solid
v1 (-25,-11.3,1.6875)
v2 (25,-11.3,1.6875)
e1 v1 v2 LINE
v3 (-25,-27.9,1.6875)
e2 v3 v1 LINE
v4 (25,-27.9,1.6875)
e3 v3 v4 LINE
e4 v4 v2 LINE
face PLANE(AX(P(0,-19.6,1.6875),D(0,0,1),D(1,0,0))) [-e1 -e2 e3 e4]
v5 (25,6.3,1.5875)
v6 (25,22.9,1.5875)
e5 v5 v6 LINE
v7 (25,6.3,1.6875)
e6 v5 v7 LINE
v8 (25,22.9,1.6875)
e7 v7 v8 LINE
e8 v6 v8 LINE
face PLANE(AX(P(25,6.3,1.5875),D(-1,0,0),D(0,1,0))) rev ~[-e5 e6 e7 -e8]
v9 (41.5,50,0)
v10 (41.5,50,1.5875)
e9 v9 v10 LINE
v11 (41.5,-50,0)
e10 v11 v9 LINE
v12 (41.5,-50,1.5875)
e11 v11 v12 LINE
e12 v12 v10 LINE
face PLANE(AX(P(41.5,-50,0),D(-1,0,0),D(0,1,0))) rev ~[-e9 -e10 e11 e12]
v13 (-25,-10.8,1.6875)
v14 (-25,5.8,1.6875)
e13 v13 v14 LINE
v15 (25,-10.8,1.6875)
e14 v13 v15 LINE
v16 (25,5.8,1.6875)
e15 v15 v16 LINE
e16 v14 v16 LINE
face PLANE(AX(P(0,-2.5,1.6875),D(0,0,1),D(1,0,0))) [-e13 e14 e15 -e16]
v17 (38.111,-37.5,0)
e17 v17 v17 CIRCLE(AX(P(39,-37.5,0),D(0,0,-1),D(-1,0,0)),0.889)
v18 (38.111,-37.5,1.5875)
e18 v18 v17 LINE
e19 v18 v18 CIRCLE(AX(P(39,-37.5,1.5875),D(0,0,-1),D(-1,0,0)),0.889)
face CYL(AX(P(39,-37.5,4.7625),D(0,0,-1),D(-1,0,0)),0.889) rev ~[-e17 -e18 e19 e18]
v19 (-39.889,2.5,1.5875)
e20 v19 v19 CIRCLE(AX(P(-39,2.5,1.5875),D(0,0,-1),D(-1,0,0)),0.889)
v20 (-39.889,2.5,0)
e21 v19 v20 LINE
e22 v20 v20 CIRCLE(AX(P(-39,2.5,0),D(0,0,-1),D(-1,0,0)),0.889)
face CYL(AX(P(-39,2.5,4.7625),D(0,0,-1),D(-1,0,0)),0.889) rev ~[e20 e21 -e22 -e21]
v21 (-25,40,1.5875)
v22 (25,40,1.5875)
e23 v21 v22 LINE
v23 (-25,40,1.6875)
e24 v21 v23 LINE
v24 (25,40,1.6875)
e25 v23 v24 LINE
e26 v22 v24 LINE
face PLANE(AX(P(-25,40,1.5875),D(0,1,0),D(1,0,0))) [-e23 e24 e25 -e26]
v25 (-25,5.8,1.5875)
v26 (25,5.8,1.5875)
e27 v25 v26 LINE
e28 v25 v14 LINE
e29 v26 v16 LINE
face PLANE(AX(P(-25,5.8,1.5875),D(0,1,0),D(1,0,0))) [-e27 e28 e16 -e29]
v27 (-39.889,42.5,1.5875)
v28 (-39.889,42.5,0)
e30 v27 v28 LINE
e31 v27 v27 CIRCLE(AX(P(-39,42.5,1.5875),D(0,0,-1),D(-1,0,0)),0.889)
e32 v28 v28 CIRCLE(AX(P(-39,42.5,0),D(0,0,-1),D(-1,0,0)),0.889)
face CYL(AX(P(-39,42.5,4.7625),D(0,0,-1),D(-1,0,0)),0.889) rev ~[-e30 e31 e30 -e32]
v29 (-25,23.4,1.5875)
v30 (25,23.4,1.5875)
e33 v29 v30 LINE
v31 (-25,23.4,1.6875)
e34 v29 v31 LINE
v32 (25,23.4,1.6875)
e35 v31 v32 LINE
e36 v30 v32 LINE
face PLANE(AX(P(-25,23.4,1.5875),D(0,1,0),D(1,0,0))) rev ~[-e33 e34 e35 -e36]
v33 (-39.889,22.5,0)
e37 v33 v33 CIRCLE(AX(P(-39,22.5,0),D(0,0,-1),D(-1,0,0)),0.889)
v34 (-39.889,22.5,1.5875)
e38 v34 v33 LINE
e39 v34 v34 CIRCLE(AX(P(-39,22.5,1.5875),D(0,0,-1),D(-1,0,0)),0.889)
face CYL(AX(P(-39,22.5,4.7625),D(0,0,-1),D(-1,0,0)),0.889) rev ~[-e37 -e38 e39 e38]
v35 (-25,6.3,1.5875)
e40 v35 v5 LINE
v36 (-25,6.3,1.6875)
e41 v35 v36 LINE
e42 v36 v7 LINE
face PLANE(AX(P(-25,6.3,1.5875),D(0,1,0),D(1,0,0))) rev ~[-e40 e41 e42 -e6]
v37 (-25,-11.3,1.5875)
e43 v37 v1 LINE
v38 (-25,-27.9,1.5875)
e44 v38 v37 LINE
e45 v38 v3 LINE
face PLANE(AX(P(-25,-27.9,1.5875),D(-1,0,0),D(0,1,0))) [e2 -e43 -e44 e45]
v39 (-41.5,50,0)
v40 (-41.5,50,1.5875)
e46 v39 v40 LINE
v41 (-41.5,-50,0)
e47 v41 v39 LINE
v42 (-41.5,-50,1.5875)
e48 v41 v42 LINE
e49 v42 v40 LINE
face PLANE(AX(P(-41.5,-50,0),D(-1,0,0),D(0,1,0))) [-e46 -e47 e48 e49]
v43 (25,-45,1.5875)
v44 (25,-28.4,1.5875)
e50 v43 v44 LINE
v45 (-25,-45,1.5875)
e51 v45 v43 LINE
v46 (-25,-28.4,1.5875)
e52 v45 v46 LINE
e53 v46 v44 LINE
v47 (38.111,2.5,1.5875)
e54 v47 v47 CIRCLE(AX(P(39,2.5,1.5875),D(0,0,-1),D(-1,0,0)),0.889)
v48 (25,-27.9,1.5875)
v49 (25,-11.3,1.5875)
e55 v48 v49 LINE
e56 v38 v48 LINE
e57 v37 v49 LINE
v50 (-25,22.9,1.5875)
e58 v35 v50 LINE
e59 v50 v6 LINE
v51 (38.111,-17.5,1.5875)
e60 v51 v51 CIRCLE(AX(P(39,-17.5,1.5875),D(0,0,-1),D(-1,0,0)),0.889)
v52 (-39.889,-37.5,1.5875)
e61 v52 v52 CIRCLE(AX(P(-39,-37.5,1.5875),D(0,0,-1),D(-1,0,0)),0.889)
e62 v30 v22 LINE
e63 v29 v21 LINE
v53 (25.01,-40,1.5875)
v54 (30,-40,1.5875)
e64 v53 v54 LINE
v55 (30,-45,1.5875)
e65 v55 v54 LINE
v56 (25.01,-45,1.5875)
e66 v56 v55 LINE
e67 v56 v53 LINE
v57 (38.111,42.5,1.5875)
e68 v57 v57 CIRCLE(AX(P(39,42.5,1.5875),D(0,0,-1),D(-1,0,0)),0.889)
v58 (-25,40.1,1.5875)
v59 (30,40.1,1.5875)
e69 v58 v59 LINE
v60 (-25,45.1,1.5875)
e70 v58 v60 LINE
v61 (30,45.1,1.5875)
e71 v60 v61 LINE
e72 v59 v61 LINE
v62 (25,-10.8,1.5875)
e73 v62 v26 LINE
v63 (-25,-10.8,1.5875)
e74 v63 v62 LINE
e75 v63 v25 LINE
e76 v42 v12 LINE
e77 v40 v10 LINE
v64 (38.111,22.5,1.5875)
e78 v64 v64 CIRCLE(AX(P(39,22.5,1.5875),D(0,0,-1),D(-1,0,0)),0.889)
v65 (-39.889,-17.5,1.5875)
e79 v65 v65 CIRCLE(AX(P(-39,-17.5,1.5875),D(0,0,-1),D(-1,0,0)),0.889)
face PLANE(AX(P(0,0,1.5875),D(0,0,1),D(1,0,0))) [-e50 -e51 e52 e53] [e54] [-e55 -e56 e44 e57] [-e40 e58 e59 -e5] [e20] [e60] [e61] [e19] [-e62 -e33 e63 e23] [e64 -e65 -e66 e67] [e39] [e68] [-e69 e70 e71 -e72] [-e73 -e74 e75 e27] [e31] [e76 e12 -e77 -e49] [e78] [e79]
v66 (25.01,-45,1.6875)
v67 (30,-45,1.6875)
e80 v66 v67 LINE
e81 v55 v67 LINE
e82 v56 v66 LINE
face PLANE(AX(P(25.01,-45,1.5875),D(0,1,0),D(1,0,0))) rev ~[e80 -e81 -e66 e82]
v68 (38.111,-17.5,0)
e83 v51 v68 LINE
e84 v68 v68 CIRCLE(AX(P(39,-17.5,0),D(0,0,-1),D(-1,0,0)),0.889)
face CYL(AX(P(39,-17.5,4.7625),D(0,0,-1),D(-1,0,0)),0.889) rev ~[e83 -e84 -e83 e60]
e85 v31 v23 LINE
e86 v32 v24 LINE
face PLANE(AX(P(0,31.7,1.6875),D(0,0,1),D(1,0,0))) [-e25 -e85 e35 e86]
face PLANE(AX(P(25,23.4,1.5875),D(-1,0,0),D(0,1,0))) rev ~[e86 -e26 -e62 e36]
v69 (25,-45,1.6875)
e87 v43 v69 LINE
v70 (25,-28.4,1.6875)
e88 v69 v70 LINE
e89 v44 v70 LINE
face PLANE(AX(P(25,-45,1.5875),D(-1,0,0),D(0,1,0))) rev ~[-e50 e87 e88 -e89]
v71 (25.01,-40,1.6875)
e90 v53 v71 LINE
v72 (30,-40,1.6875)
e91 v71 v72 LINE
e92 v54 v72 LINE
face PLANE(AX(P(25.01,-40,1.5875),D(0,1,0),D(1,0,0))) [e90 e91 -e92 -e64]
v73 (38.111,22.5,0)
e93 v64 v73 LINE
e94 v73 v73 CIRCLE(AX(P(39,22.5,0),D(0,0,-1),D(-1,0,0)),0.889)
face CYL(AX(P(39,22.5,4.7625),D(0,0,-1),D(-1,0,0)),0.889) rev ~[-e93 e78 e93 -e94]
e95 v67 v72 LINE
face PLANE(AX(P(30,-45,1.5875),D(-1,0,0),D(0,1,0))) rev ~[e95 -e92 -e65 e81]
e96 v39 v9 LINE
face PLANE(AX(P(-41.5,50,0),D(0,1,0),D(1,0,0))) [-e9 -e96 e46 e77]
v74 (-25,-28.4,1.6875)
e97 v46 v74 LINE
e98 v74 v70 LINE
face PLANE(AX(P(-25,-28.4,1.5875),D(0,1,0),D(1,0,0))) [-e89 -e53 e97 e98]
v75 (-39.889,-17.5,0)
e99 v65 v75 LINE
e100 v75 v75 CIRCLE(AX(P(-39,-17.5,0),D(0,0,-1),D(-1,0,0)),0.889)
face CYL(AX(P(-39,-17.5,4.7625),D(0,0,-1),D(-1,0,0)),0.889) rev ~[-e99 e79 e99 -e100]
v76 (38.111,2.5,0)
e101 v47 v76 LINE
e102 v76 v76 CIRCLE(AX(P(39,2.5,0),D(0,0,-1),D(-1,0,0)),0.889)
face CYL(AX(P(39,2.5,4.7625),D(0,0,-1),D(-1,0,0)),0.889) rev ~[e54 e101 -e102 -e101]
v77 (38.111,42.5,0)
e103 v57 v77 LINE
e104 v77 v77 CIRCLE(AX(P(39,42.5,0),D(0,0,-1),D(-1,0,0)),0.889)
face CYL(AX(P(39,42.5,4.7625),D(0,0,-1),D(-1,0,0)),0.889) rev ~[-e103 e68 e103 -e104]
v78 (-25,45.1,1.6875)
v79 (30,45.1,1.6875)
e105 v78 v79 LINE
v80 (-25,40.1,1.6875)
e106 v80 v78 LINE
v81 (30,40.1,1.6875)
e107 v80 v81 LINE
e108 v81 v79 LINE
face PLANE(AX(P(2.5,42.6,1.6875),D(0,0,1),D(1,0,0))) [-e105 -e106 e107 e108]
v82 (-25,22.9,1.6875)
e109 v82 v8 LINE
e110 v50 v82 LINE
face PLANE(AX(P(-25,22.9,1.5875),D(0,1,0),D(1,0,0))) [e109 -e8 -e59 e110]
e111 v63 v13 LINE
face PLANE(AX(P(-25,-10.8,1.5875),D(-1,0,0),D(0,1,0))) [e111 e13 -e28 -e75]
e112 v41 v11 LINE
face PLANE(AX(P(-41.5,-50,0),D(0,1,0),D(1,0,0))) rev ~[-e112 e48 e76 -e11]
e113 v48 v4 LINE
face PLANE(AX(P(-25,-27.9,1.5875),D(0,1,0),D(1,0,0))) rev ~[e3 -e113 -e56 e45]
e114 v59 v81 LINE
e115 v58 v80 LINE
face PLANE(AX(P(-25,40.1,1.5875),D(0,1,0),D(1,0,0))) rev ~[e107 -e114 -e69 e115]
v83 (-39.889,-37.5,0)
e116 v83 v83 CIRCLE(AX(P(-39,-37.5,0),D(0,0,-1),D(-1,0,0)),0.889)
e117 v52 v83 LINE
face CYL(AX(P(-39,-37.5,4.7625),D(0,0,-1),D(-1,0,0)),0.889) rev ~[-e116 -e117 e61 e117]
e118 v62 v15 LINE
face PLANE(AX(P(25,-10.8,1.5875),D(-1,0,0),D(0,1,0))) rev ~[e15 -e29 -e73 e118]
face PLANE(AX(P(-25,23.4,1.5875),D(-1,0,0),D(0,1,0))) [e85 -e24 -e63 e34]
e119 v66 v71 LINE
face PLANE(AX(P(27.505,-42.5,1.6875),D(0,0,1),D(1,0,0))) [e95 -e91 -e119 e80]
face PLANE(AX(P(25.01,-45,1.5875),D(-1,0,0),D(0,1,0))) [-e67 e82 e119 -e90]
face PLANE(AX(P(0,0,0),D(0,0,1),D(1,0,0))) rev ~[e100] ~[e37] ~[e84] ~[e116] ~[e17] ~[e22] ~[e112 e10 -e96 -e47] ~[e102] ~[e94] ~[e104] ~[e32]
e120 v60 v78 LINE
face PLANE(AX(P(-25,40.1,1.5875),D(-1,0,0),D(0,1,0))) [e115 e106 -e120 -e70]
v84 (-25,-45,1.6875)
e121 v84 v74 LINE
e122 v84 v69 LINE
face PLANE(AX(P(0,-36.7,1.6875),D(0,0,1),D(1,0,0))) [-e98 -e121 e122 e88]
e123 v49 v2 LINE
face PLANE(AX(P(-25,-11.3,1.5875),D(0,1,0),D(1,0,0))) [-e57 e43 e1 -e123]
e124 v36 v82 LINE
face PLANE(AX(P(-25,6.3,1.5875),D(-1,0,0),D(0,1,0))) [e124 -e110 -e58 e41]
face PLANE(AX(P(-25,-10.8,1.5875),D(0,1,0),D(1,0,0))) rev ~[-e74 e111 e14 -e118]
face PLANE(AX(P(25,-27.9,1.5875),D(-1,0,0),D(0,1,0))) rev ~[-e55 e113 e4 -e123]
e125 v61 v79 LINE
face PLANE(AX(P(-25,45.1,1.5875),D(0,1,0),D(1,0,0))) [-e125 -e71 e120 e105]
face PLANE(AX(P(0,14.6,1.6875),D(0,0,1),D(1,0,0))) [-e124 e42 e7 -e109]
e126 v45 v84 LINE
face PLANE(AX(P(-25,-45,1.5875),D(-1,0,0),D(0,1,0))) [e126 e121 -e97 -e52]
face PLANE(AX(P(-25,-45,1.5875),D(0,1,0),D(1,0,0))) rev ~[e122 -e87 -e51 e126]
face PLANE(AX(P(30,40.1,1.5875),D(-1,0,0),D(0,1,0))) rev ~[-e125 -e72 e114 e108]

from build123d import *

# Parameters (mm, degrees)
SKETCH1_W                 = 83
SKETCH1_H                 = 100
BOSS_EXTRUDE1_DEPTH       = 1.5875
F_0_CLEARANCE_HOLE1_D     = 1.778
F_0_CLEARANCE_HOLE1_DEPTH = 3.175
F_0_CLEARANCE_HOLE1_TIP   = 0.53416509
SKETCH5_W                 = 50
SKETCH5_H                 = 16.6
BOSS_EXTRUDE3_DEPTH       = 0.1
SKETCH6_W                 = 55
SKETCH6_H                 = 5
BOSS_EXTRUDE4_DEPTH       = 0.1
SKETCH7_W                 = 4.99
SKETCH7_H                 = 5
BOSS_EXTRUDE5_DEPTH       = 0.1


with BuildPart() as part:
    # Sketch1 → Boss-Extrude1 (new body)
    with BuildSketch(Plane.XY):
        Rectangle(SKETCH1_W, SKETCH1_H)
    extrude(amount=BOSS_EXTRUDE1_DEPTH)

    # #0 Clearance Hole1
    with Locations(Plane.XY.offset(1.5875)):
        with Locations((-39, 42.5), (-39, 22.5), (-39, 2.5), (-39, -17.5), (-39, -37.5), (39, -37.5), (39, -17.5), (39, 2.5), (39, 22.5), (39, 42.5)):
            Hole(F_0_CLEARANCE_HOLE1_D / 2, depth=F_0_CLEARANCE_HOLE1_DEPTH)
            with Locations((0, 0, -(F_0_CLEARANCE_HOLE1_DEPTH + F_0_CLEARANCE_HOLE1_TIP / 2))):  # 118° drill point
                Cone(0, F_0_CLEARANCE_HOLE1_D / 2, F_0_CLEARANCE_HOLE1_TIP, mode=Mode.SUBTRACT)

    # Sketch5 → Boss-Extrude3 (add)
    with BuildSketch(Plane.XY.offset(1.5875)):
        with Locations((0, 14.6)):
            Rectangle(SKETCH5_W, SKETCH5_H)
        with Locations((0, 31.7)):
            Rectangle(SKETCH5_W, SKETCH5_H)
        with Locations((0, -2.5)):
            Rectangle(SKETCH5_W, SKETCH5_H)
        with Locations((0, -19.6)):
            Rectangle(SKETCH5_W, SKETCH5_H)
        with Locations((0, -36.7)):
            Rectangle(SKETCH5_W, SKETCH5_H)
    extrude(amount=BOSS_EXTRUDE3_DEPTH)

    # Sketch6 → Boss-Extrude4 (add)
    with BuildSketch(Plane.XY.offset(1.5875)):
        with Locations((2.5, 42.6)):
            Rectangle(SKETCH6_W, SKETCH6_H)
    extrude(amount=BOSS_EXTRUDE4_DEPTH)

    # Sketch7 → Boss-Extrude5 (add)
    with BuildSketch(Plane.XY.offset(1.5875)):
        with Locations((27.505, -42.5)):
            Rectangle(SKETCH7_W, SKETCH7_H)
    extrude(amount=BOSS_EXTRUDE5_DEPTH)


solid = part.part
